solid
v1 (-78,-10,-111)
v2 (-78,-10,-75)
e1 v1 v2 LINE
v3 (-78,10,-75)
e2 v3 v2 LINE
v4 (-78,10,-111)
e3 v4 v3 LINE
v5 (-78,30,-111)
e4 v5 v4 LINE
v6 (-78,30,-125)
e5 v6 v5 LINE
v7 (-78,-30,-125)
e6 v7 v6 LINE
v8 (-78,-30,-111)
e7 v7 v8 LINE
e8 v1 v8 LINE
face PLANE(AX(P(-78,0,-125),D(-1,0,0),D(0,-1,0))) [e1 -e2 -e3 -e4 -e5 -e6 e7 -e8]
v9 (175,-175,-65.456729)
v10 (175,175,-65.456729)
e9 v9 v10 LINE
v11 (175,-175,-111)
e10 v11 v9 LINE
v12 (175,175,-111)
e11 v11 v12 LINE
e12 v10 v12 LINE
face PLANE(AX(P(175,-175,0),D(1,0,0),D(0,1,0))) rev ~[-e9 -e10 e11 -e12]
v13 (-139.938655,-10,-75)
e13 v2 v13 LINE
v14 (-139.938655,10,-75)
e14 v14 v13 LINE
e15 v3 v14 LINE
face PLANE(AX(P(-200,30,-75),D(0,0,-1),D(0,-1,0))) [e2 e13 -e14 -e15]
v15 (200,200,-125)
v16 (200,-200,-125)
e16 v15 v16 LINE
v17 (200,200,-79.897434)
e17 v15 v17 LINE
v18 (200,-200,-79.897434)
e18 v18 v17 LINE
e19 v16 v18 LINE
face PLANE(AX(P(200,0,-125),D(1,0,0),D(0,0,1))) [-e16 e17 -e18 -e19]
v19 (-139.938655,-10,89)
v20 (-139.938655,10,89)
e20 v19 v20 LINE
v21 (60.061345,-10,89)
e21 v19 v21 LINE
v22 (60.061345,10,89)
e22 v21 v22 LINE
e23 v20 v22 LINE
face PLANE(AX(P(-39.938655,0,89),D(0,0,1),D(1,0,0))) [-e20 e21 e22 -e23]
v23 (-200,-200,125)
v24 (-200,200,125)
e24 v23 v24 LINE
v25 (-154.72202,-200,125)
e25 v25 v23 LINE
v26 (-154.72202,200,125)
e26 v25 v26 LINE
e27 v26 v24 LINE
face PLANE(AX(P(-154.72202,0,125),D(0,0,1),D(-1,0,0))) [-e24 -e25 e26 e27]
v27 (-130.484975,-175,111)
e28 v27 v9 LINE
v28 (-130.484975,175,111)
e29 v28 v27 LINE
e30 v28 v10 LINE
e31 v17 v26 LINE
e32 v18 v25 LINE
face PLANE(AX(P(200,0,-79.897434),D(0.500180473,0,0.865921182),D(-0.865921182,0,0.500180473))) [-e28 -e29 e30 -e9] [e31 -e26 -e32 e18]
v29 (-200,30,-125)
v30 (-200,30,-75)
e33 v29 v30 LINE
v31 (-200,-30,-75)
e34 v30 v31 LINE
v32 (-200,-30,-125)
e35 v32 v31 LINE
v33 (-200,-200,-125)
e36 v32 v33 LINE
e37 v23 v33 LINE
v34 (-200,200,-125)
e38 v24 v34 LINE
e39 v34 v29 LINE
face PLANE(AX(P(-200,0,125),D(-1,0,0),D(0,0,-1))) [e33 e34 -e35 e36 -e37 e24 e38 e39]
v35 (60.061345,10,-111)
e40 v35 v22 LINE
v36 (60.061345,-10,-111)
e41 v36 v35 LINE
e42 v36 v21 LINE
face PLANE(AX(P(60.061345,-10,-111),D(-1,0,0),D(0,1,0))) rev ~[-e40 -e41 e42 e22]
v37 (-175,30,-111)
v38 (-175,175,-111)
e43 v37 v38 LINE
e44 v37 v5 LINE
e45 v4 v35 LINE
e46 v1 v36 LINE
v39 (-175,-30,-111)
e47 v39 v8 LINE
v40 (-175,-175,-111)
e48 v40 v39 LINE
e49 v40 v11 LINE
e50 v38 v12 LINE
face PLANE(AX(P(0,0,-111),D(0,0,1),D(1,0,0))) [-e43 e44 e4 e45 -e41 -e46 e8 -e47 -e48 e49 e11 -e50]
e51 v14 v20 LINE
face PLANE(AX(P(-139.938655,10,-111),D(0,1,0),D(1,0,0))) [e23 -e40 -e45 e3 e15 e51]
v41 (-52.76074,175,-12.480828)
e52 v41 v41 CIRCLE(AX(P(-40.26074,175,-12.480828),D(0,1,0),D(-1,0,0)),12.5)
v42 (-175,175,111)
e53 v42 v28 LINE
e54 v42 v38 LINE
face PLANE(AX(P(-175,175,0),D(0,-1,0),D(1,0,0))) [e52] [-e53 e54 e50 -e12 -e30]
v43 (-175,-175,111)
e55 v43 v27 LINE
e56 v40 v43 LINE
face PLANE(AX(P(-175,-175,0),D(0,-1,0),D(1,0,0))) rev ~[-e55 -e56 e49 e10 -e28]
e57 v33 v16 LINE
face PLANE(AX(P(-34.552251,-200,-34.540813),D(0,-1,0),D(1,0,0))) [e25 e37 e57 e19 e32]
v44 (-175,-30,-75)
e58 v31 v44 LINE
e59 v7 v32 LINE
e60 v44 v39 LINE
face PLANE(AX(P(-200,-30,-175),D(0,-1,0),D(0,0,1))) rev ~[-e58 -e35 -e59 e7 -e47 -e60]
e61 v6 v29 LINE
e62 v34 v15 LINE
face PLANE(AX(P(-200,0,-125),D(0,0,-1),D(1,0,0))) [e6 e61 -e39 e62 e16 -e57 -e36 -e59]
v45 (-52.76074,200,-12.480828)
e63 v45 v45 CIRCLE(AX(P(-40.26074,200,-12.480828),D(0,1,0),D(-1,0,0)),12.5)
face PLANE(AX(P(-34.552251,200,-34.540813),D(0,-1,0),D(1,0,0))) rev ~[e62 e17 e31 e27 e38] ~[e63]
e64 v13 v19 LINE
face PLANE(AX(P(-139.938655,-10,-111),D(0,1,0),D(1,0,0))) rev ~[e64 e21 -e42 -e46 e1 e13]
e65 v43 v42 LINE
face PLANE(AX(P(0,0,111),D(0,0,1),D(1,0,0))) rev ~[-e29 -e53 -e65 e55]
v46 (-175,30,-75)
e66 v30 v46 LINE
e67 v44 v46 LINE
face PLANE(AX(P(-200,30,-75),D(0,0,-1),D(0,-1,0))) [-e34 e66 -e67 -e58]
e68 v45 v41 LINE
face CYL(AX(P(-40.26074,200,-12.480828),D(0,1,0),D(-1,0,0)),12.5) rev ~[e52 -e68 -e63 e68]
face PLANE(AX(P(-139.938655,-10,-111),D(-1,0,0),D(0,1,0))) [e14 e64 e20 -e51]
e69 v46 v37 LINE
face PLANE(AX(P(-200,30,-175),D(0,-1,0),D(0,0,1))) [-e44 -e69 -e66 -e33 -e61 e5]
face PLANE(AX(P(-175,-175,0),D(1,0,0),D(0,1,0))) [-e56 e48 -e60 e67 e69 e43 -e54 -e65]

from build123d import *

# Parameters (mm, degrees)
F1_DEPTH = 200
F2_W     = 350
F2_H     = 350
F3_DEPTH = 111
F4_W     = 200
F4_H     = 20
F5_DEPTH = 200
F6_R     = 12.5
F7_DEPTH = 25
F8_W     = 60
F8_H     = 100
F9_DEPTH = 122


with BuildPart() as f1:
    # F0 (on Front) → F1 (new body, symmetric)
    with BuildSketch(Plane.XZ):
        Polygon((-200, 125), (-200, -125), (200, -125), (200, -79.8974335194), (-154.72202003, 125), align=None)
    extrude(amount=F1_DEPTH, both=True)

    # F2 (on Top) → F3 (cut, symmetric)
    with BuildSketch(Plane.XY):
        Rectangle(F2_W, F2_H)
    extrude(amount=F3_DEPTH, both=True, mode=Mode.SUBTRACT)

    # F4 (on face) → F5 (join)
    with BuildSketch(Plane.XY.offset(-111)):
        with Locations((-39.9386547506, 0)):
            Rectangle(F4_W, F4_H)
    extrude(amount=F5_DEPTH)

    # F6 (on face) → F7 (cut)
    with BuildSketch(Plane(origin=(0, 200, 0), x_dir=(-1, 0, 0), z_dir=(0, 1, 0))):
        with Locations((40.2607396245, -12.4808279797)):
            Circle(F6_R)
    extrude(amount=-F7_DEPTH, mode=Mode.SUBTRACT)

    # F8 (on face) → F9 (cut)
    with BuildSketch(Plane(origin=(-200, 0, 0), x_dir=(0, -1, 0), z_dir=(-1, 0, 0))):
        with Locations((0, -125)):
            Rectangle(F8_W, F8_H)
    extrude(amount=-F9_DEPTH, mode=Mode.SUBTRACT)


solid = f1.part
